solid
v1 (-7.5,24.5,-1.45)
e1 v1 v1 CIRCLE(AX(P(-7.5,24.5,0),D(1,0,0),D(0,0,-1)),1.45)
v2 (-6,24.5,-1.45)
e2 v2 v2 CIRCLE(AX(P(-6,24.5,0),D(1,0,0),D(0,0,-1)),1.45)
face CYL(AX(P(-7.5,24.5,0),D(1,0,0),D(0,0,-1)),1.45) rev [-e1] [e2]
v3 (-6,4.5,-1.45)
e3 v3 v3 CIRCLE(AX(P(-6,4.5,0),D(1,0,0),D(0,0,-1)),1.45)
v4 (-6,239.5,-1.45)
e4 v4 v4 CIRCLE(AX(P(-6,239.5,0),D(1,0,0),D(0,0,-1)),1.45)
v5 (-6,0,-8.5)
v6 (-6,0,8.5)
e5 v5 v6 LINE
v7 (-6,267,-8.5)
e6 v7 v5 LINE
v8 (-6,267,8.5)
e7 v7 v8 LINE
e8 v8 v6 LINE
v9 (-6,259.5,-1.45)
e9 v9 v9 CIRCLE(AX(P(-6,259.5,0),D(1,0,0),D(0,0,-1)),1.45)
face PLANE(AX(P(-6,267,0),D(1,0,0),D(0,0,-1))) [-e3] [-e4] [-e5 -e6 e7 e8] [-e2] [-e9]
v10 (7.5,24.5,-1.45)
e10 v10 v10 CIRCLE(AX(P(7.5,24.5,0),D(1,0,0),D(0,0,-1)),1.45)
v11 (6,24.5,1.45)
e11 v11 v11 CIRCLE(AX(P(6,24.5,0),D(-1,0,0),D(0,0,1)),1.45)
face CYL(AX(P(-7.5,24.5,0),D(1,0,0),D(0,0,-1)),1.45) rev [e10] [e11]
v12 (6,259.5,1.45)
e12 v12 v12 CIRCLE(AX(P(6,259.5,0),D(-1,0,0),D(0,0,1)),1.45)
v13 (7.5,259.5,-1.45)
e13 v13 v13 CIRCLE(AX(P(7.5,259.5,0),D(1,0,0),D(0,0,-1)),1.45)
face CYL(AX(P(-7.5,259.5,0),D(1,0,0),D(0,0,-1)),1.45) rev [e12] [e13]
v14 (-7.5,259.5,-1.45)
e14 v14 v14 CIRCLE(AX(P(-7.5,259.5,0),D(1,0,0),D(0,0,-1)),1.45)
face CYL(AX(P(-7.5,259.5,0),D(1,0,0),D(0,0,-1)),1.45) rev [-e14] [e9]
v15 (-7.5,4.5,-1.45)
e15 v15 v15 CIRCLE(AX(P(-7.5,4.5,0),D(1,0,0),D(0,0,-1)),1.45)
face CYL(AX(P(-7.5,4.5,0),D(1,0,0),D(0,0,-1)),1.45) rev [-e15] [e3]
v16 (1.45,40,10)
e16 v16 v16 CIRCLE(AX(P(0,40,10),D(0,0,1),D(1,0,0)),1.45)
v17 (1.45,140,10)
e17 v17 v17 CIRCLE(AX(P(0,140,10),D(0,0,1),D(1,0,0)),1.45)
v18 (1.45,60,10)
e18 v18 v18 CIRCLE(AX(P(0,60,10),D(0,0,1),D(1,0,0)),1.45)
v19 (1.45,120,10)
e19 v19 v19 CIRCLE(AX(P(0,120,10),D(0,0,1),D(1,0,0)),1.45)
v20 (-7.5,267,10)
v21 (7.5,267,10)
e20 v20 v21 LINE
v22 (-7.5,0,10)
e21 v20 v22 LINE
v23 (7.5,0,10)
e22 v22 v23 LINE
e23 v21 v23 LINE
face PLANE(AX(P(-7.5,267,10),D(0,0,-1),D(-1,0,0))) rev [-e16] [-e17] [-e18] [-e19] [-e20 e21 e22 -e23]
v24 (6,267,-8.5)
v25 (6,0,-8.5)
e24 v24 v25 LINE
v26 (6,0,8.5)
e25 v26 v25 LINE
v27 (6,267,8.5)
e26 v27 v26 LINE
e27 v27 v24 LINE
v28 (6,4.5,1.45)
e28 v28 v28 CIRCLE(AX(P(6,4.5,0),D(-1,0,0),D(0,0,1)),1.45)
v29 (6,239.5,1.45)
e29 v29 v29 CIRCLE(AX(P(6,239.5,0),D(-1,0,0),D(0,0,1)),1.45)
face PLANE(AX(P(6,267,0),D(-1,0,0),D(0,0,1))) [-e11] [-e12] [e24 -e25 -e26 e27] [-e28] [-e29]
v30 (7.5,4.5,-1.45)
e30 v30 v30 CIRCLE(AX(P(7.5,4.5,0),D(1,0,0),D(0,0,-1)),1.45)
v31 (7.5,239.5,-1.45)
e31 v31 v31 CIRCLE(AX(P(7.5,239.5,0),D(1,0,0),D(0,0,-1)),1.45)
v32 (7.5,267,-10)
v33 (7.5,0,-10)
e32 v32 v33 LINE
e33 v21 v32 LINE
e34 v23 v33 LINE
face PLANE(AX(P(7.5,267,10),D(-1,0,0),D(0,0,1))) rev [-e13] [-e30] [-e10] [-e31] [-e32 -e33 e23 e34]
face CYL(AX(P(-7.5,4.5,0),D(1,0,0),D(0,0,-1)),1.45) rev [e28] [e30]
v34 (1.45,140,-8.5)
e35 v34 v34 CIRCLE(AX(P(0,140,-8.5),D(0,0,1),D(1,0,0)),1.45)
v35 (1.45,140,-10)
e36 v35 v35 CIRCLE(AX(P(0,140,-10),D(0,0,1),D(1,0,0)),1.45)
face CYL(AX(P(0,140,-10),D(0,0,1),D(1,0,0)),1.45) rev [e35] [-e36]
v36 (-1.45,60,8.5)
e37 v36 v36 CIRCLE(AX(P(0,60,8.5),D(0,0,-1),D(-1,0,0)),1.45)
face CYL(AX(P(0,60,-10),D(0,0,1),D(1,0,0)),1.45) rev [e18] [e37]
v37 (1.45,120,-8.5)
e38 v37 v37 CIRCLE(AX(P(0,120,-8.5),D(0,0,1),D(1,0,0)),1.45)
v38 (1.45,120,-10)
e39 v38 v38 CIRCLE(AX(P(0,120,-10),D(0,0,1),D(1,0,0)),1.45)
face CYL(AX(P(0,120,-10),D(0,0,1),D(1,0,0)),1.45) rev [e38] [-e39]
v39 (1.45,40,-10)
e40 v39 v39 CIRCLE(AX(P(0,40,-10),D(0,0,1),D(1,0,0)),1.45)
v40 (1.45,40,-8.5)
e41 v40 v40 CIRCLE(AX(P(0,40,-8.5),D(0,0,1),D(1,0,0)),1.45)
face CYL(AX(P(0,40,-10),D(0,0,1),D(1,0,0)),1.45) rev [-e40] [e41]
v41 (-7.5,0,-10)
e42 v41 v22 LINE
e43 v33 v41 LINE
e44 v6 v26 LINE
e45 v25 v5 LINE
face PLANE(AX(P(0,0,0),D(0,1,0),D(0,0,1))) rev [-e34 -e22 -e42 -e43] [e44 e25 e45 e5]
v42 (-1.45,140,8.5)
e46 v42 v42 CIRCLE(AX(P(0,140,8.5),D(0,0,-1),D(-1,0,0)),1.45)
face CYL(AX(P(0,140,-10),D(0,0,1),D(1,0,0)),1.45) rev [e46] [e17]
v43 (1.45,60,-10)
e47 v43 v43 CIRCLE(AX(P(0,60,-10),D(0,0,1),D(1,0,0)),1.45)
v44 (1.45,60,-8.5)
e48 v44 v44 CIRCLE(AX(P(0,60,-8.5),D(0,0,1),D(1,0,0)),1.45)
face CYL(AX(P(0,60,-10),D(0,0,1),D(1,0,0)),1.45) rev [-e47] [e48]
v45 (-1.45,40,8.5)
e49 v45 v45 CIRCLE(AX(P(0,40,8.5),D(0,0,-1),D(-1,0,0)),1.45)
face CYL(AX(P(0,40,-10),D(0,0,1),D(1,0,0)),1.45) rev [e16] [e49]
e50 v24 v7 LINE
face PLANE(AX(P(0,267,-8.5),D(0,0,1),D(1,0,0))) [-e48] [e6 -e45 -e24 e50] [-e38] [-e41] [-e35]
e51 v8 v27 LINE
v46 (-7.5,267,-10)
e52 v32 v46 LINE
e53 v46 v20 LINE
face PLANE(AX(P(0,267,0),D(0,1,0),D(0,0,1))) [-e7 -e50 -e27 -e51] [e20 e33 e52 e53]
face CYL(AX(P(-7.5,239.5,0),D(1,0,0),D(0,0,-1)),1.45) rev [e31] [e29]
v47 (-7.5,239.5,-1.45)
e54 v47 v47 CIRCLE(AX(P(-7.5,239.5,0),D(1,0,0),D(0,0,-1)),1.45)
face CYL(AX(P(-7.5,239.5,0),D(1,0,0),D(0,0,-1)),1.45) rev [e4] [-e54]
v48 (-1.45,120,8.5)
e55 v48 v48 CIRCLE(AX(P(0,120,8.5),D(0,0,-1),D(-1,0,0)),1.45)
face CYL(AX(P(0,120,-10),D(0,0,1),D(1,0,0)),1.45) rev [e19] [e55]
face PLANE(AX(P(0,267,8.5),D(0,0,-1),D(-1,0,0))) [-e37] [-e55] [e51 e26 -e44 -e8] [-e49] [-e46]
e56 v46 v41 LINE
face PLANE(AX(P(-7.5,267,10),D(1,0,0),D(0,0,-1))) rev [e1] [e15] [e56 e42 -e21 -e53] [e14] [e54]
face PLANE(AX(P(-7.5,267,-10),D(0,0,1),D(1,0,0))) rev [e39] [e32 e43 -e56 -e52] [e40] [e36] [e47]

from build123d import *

# Parameters (mm, degrees)
SKETCH_1_W          = 15
SKETCH_1_H          = 20
SKETCH_1_W_2        = 12
SKETCH_1_H_2        = 17
EXTRUDE_1_DEPTH     = 267
SKETCH_4_R          = 1.45
CUT_EXTRUDE_2_DEPTH = 268.607922155
SKETCH_5_R          = 1.45
CUT_EXTRUDE_3_DEPTH = 268.853038064


with BuildPart() as part:
    # 草图1 → 拉伸-薄壁1 (new body)
    with BuildSketch(Plane(origin=(0, 0, 0), x_dir=(1, 0, 0), z_dir=(0, 1, 0))):
        Rectangle(SKETCH_1_W, SKETCH_1_H)
        Rectangle(SKETCH_1_W_2, SKETCH_1_H_2, mode=Mode.SUBTRACT)
    extrude(amount=EXTRUDE_1_DEPTH)

    # 草图4 → 切除-拉伸2 (cut, through all)
    with BuildSketch(Plane(origin=(7.5, 0, 0), x_dir=(0, 0, -1), z_dir=(1, 0, 0))):
        with Locations((0, 259.5)):
            Circle(SKETCH_4_R)
        with Locations((0, 239.5)):
            Circle(SKETCH_4_R)
        with Locations((0, 24.5)):
            Circle(SKETCH_4_R)
        with Locations((0, 4.5)):
            Circle(SKETCH_4_R)
    extrude(amount=-CUT_EXTRUDE_2_DEPTH, mode=Mode.SUBTRACT)

    # 草图5 → 切除-拉伸3 (cut, through all)
    with BuildSketch(Plane.XY.offset(10)):
        with Locations((0, 40)):
            Circle(SKETCH_5_R)
        with Locations((0, 60)):
            Circle(SKETCH_5_R)
        with Locations((0, 120)):
            Circle(SKETCH_5_R)
        with Locations((0, 140)):
            Circle(SKETCH_5_R)
    extrude(amount=-CUT_EXTRUDE_3_DEPTH, mode=Mode.SUBTRACT)


solid = part.part
